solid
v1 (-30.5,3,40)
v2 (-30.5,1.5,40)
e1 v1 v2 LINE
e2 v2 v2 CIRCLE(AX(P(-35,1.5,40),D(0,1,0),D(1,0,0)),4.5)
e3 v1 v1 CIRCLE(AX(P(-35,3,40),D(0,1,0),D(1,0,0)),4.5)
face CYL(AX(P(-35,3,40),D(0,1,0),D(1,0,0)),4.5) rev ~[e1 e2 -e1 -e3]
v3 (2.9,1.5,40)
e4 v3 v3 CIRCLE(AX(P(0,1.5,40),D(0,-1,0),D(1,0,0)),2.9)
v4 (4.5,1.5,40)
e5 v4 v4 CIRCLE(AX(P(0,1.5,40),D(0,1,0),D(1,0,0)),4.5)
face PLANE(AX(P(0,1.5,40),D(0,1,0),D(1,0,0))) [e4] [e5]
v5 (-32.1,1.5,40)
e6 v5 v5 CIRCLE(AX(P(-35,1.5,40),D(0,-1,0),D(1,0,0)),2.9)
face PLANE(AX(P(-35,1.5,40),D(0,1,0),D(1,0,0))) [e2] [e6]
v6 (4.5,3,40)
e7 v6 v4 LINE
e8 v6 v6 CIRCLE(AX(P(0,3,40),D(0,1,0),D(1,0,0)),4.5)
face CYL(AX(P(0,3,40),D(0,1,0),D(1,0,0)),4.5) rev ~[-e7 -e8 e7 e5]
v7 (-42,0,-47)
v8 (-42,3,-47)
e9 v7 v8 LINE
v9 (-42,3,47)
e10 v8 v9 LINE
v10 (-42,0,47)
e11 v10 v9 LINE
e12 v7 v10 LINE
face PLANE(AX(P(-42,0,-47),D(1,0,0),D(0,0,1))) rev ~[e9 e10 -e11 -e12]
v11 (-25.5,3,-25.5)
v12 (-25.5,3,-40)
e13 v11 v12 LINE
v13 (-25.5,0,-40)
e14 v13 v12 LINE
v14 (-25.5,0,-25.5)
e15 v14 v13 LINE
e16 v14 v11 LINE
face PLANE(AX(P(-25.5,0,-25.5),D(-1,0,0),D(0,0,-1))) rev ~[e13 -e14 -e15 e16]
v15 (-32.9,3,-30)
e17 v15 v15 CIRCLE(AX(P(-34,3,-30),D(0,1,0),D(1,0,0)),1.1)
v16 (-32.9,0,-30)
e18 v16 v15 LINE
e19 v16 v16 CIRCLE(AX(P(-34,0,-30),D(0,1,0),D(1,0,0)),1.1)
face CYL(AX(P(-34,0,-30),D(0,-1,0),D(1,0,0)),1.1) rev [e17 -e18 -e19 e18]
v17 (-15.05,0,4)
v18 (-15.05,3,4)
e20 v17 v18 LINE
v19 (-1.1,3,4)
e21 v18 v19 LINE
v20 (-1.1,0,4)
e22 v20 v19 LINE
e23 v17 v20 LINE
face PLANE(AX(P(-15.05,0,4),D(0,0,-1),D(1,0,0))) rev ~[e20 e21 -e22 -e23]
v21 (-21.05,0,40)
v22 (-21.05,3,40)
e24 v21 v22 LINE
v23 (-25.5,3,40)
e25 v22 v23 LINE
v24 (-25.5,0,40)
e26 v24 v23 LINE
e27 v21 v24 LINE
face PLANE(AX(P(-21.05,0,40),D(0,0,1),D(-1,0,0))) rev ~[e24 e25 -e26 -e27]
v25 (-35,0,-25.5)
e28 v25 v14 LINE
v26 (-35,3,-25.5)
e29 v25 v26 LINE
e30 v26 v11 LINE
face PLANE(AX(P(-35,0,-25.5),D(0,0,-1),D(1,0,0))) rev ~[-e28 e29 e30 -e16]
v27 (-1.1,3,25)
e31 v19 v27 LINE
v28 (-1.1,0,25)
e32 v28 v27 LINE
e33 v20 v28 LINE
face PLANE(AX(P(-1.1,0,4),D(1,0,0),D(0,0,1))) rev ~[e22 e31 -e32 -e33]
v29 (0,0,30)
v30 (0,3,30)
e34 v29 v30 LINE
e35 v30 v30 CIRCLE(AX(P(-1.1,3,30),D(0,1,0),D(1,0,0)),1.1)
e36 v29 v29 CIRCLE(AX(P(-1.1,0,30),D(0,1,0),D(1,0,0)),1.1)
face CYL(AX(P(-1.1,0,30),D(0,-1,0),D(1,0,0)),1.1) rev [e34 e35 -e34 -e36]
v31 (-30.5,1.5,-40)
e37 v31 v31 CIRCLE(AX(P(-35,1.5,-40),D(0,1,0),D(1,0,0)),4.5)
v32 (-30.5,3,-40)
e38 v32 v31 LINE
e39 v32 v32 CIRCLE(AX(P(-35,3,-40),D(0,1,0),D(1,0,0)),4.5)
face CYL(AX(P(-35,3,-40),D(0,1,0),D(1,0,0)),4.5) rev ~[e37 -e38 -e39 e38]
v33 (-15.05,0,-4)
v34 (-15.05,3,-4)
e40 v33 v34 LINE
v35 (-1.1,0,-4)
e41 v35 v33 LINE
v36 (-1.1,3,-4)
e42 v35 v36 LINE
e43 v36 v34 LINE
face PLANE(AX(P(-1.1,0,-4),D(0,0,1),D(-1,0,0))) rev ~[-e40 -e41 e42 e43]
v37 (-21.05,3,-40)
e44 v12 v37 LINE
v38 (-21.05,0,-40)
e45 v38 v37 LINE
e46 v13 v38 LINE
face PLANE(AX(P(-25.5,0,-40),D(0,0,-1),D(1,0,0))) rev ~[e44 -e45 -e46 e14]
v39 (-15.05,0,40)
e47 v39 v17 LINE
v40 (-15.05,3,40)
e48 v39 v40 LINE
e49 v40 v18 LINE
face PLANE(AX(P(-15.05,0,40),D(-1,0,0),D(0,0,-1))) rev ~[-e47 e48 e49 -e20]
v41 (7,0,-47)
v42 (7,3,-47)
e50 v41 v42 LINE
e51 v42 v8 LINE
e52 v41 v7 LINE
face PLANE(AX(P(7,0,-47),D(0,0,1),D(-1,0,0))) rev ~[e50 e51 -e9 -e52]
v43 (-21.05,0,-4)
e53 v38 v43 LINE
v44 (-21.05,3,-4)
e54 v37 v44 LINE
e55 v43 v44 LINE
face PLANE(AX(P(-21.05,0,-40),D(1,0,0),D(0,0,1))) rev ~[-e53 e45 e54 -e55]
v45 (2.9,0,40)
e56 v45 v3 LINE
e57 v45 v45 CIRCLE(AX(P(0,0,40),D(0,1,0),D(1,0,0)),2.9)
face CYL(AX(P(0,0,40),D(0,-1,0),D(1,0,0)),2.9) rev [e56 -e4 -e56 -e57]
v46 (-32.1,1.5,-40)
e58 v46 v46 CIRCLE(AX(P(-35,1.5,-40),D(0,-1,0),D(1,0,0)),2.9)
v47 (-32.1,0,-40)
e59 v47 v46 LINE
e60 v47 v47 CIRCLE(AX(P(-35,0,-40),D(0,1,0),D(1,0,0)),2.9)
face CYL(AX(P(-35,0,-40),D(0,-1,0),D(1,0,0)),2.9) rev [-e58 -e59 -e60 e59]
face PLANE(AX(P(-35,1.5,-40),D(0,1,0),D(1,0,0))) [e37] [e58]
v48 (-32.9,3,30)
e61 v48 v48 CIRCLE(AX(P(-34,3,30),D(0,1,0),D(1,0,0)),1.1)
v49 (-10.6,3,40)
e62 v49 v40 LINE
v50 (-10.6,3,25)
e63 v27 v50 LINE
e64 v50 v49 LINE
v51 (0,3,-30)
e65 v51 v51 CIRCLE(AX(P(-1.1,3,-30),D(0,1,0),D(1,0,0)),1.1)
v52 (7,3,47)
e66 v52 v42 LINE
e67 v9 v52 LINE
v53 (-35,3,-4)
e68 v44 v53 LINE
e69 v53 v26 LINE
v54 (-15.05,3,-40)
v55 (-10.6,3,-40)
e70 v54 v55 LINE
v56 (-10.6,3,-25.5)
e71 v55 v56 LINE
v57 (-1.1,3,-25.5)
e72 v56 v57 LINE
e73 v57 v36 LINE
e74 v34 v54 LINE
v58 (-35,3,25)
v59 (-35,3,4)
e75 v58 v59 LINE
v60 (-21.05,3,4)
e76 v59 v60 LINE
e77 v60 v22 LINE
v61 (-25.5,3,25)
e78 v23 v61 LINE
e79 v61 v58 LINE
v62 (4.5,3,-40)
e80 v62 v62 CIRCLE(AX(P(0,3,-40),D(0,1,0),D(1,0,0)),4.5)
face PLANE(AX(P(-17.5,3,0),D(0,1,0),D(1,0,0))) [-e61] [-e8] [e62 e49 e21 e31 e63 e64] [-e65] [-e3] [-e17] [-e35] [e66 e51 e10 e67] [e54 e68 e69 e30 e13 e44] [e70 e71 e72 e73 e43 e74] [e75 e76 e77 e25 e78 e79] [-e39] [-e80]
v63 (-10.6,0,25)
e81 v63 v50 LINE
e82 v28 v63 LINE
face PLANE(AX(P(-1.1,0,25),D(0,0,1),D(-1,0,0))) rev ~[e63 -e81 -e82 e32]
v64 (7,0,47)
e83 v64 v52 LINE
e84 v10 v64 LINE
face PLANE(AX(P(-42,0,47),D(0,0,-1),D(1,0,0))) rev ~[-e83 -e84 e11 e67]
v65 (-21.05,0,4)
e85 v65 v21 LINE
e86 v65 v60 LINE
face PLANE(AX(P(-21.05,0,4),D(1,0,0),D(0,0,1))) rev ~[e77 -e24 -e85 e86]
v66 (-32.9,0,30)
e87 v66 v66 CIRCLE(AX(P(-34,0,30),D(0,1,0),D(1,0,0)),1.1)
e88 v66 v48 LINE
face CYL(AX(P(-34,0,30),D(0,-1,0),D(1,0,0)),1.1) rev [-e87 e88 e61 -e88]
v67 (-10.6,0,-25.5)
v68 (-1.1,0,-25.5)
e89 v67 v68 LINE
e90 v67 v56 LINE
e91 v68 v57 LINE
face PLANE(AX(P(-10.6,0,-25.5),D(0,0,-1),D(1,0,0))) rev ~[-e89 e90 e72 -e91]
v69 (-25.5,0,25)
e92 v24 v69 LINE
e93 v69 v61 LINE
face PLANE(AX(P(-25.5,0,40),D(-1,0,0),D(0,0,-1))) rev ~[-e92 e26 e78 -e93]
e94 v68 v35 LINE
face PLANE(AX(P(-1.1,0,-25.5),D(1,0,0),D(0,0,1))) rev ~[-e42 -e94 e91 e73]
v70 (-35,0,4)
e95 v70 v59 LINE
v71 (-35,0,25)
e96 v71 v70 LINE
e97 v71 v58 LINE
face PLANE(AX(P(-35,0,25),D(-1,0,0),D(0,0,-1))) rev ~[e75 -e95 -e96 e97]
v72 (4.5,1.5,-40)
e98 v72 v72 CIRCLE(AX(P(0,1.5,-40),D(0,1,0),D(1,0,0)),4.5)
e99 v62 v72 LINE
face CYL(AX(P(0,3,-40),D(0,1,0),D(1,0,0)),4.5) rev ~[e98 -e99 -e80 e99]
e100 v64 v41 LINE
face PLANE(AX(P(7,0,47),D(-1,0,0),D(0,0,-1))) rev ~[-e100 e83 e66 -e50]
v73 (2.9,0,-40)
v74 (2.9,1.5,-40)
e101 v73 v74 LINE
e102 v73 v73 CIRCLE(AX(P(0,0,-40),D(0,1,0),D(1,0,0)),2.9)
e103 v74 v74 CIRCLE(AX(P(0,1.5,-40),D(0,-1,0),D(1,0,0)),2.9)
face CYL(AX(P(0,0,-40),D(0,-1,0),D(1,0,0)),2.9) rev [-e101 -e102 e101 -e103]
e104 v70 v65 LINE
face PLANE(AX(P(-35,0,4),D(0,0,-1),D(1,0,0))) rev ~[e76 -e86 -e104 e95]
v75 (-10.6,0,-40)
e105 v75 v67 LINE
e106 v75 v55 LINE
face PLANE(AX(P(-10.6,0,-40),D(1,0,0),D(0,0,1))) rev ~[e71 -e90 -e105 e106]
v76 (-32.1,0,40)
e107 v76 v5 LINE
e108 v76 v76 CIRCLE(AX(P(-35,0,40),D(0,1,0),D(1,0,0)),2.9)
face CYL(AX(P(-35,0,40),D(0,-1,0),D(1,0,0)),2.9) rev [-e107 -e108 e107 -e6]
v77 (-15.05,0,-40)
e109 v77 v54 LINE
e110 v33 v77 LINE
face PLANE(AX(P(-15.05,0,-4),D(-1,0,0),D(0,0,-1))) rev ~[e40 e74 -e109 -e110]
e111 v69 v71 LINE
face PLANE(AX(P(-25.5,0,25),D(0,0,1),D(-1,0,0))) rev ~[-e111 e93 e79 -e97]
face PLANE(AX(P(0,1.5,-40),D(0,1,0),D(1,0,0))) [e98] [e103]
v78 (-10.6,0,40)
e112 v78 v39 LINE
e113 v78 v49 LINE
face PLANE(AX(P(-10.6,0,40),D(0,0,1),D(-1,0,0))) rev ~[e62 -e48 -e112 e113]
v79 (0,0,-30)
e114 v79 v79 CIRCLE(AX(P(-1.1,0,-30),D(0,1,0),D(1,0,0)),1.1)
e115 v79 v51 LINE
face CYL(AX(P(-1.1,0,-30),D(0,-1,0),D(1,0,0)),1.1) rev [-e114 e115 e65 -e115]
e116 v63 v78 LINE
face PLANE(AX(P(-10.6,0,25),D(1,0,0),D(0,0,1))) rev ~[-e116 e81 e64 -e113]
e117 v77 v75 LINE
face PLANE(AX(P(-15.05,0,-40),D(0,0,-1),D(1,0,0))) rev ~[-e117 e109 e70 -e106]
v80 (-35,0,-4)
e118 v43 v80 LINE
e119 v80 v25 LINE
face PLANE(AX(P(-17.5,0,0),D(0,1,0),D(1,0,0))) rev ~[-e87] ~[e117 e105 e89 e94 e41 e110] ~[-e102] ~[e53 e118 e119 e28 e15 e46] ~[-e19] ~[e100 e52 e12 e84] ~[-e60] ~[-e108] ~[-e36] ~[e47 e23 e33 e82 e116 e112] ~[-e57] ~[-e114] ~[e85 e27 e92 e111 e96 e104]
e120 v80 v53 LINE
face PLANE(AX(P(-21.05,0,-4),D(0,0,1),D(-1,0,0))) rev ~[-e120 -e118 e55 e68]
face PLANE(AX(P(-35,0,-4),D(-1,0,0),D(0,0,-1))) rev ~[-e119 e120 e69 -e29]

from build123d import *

# Parameters (mm, degrees)
SKETCH_1_R          = 2.9
SKETCH_1_R_2        = 1.1
EXTRUDE_1_DEPTH     = 3
SKETCH_2_R          = 4.5
CUT_EXTRUDE_1_DEPTH = 1.5


with BuildPart() as part:
    # 草图1 → 凸台-拉伸1 (new body)
    with BuildSketch(Plane(origin=(0, 0, 0), x_dir=(1, 0, 0), z_dir=(0, 1, 0))):
        Polygon((-42, 47), (-42, 0), (-42, -47), (0, -47), (7, -47), (7, 47), (0, 47), align=None)
        with Locations((-35, -40)):
            Circle(SKETCH_1_R, mode=Mode.SUBTRACT)
        with Locations((-34, -30)):
            Circle(SKETCH_1_R_2, mode=Mode.SUBTRACT)
        Polygon((-35, -25), (-35, -4), (-21.05, -4), (-21.05, -40), (-25.5, -40), (-25.5, -25), align=None, mode=Mode.SUBTRACT)
        with Locations((0, -40)):
            Circle(SKETCH_1_R, mode=Mode.SUBTRACT)
        with Locations((-1.1, -30)):
            Circle(SKETCH_1_R_2, mode=Mode.SUBTRACT)
        Polygon((-1.1, -4), (-1.1, -25), (-10.6, -25), (-10.6, -40), (-15.05, -40), (-15.05, -4), align=None, mode=Mode.SUBTRACT)
        Polygon((-21.05, 4), (-35, 4), (-35, 25.5), (-25.5, 25.5), (-25.5, 40), (-21.05, 40), align=None, mode=Mode.SUBTRACT)
        with Locations((-34, 30)):
            Circle(SKETCH_1_R_2, mode=Mode.SUBTRACT)
        with Locations((-35, 40)):
            Circle(SKETCH_1_R, mode=Mode.SUBTRACT)
        Polygon((-10.6, 25.5), (-1.1, 25.5), (-1.1, 4), (-15.05, 4), (-15.05, 40), (-10.6, 40), align=None, mode=Mode.SUBTRACT)
        with Locations((-1.1, 30)):
            Circle(SKETCH_1_R_2, mode=Mode.SUBTRACT)
        with Locations((0, 40)):
            Circle(SKETCH_1_R, mode=Mode.SUBTRACT)
    extrude(amount=EXTRUDE_1_DEPTH)

    # 草图2 → 切除-拉伸1 (cut)
    with BuildSketch(Plane(origin=(0, 3, 0), x_dir=(1, 0, 0), z_dir=(0, 1, 0))):
        with Locations((-35, 40)):
            Circle(SKETCH_2_R)
        with Locations((0, 40)):
            Circle(SKETCH_2_R)
        with Locations((0, -40)):
            Circle(SKETCH_2_R)
        with Locations((-35, -40)):
            Circle(SKETCH_2_R)
    extrude(amount=-CUT_EXTRUDE_1_DEPTH, mode=Mode.SUBTRACT)


solid = part.part
